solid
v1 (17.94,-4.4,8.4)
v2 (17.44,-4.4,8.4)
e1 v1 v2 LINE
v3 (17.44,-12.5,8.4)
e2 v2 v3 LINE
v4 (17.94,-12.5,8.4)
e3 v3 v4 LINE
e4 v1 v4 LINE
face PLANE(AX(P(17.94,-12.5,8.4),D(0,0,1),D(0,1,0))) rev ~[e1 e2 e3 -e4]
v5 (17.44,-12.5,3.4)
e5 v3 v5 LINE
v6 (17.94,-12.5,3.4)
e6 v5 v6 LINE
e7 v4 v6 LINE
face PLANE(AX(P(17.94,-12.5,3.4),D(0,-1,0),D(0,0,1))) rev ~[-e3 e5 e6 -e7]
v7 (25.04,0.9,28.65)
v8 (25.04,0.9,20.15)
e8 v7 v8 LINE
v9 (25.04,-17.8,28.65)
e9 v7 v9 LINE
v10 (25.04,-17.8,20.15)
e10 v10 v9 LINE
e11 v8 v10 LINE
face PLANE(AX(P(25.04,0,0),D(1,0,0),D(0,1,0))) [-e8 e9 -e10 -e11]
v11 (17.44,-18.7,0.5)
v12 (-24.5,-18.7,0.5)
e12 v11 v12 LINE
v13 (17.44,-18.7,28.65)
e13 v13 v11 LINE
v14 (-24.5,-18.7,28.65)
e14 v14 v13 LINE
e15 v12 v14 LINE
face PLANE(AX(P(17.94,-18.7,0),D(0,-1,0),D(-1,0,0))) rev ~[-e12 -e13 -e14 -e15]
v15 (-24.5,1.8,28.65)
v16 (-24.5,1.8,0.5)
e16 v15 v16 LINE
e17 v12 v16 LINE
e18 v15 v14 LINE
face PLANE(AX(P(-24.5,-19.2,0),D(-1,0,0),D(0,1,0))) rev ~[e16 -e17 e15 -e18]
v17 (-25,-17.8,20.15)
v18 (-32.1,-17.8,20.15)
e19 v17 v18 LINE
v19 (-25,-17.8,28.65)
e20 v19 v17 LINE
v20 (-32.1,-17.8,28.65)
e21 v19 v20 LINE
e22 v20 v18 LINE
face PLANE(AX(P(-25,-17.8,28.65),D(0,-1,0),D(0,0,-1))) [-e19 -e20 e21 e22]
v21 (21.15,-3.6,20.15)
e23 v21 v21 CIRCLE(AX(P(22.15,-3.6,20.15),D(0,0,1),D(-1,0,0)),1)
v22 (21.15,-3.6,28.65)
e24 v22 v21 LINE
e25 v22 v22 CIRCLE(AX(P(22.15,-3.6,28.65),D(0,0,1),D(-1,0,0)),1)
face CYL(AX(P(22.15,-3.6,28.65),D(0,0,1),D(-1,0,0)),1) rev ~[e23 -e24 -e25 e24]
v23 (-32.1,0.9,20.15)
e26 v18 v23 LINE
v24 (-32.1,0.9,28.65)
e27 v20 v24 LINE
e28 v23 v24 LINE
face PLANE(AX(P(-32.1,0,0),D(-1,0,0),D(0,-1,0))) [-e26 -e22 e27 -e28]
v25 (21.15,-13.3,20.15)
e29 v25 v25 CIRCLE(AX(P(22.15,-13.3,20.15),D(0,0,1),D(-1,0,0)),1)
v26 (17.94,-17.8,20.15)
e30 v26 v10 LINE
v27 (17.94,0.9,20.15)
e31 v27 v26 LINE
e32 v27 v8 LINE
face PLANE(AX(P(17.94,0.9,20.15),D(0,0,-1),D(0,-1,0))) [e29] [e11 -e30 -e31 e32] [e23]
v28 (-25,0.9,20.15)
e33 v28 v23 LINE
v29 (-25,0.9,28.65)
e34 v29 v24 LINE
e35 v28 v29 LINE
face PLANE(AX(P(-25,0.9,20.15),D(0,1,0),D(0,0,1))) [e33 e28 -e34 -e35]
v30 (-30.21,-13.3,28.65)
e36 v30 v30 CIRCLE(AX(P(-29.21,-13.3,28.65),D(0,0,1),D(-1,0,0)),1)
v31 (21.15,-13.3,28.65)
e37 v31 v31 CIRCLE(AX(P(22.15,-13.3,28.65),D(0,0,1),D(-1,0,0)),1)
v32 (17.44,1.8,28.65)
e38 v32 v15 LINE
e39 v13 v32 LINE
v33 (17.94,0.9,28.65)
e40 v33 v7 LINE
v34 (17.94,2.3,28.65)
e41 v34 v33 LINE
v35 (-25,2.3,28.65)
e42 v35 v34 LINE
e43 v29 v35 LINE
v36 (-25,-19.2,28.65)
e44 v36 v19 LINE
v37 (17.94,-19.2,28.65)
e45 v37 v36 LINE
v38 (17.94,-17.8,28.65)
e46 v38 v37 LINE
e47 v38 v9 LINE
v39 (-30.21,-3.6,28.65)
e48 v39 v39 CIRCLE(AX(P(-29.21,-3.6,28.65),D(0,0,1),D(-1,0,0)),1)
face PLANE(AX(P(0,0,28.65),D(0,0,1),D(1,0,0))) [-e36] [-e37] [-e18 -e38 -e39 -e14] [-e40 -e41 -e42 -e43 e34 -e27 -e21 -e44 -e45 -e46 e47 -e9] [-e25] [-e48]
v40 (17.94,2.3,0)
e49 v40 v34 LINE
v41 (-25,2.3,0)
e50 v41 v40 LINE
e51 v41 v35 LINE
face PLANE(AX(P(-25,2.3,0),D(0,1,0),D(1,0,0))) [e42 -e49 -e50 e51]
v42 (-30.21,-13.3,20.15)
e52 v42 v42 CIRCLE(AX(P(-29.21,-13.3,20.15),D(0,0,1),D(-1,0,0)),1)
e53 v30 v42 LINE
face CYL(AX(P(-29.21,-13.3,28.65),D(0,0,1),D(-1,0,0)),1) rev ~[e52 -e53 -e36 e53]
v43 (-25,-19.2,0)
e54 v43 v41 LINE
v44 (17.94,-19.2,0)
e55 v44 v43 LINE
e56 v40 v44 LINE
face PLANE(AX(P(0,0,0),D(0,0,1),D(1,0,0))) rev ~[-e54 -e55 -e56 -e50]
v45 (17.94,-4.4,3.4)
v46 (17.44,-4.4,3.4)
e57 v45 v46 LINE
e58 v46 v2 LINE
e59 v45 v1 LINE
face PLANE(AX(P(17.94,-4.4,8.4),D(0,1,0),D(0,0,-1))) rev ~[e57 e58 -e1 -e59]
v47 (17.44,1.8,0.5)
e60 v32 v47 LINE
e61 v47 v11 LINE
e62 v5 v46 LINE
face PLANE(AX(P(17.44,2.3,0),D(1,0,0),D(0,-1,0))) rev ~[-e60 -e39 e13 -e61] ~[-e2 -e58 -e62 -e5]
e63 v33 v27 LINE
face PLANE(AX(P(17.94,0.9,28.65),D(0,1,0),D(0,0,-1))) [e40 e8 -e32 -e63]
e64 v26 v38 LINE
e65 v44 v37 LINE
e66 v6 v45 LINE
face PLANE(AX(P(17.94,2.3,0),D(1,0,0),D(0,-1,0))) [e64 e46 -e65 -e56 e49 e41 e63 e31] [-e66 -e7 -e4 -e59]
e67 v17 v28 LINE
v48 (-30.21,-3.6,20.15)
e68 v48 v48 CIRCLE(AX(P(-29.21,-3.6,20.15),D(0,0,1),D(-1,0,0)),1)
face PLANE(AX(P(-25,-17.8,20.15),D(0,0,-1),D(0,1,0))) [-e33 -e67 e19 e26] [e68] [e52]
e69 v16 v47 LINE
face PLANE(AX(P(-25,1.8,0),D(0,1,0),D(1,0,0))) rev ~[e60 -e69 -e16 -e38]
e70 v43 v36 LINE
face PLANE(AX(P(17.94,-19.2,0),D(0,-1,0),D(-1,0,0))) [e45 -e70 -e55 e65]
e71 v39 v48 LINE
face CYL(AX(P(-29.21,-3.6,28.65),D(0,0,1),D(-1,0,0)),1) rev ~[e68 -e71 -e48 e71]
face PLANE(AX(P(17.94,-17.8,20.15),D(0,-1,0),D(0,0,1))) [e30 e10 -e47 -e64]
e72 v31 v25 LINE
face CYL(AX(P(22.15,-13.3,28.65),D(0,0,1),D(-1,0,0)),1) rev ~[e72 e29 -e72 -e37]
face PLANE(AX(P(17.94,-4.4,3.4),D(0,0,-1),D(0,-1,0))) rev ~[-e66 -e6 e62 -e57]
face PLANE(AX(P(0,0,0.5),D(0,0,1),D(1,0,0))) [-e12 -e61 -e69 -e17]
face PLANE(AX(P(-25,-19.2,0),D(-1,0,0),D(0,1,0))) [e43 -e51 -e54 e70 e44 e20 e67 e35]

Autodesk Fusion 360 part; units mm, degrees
sketch "Sketch1" plane through (0, 0, 0) normal (0, 0, 1) x (1, 0, 0)
  line L0 (-25, -19.2) -> (-25, 2.3)
  line L1 (-25, 2.3) -> (17.94, 2.3)
  line L2 (17.94, 2.3) -> (17.94, -19.2)
  line L3 (17.94, -19.2) -> (-25, -19.2)
  dimension "d1" = 21.5
  dimension "d2" = 42.94
extrude "Extrude1" add sketch "Sketch1" along normal blind 28.65
shell "Shell1" thickness 0.5 removed faces 1 at (3.6267, -12.0333, 28.65)
sketch "Sketch2" plane through (17.94, 0, 0) normal (1, 0, 0) x (0, 1, 0)
  line L0 (-19.2, 0) -> (2.3, 0)
  line L1 (2.3, 0) -> (2.3, 28.65)
  line L2 (2.3, 28.65) -> (-19.2, 28.65)
  line L3 (-19.2, 28.65) -> (-19.2, 0)
  line L4 (-12.5, 8.4) -> (-4.4, 8.4)
  line L5 (-4.4, 8.4) -> (-4.4, 3.4)
  line L6 (-4.4, 3.4) -> (-12.5, 3.4)
  line L7 (-12.5, 3.4) -> (-12.5, 8.4)
  dimension "d6" = 3.4
  dimension "d7" = 8.1
  dimension "d8" = 6.7
  dimension "d9" = 6.7
  dimension "d39" = 5
extrude "Extrude2" cut sketch "Sketch2" along normal mid plane 6 contours L4 L5 L6 L7
sketch "Sketch3" plane through (17.94, 0, 0) normal (1, 0, 0) x (0, 1, 0)
  line L0 (-4.4, 8.4) -> (-4.4, 3.4)
  line L1 (-4.4, 3.4) -> (-12.5, 3.4)
  line L2 (-12.5, 3.4) -> (-12.5, 8.4)
  line L3 (-12.5, 8.4) -> (-4.4, 8.4)
  line L4 (-19.2, 0) -> (2.3, 0)
  line L5 (2.3, 0) -> (2.3, 28.65)
  line L6 (2.3, 28.65) -> (-19.2, 28.65)
  line L7 (-19.2, 28.65) -> (-19.2, 0)
  line L8 (-17.8, 28.65) -> (0.9, 28.65)
  line L9 (0.9, 28.65) -> (0.9, 20.15)
  line L10 (0.9, 20.15) -> (-17.8, 20.15)
  line L11 (-17.8, 20.15) -> (-17.8, 28.65)
  dimension "d19" = 18.7
  dimension "d20" = 1.4
  dimension "d23" = 8.5
extrude "Extrude3" add sketch "Sketch3" along normal blind 7.1 contours L6 L8 L9 L10 L11
sketch "Sketch4" plane through (0, 0, 28.65) normal (0, 0, 1) x (-1, 0, 0)
  line L0 (-17.44, 18.7) -> (24.5, 18.7)
  line L1 (24.5, 18.7) -> (24.5, -1.8)
  line L2 (24.5, -1.8) -> (-17.44, -1.8)
  line L3 (-17.44, -1.8) -> (-17.44, 18.7)
  line L4 (-17.94, 19.2) -> (-17.94, 17.8)
  line L5 (-17.94, 17.8) -> (-25.04, 17.8)
  line L6 (-25.04, 17.8) -> (-25.04, -0.9)
  line L7 (-25.04, -0.9) -> (-17.94, -0.9)
  line L8 (-17.94, -0.9) -> (-17.94, -2.3)
  line L9 (-17.94, -2.3) -> (25, -2.3)
  line L10 (25, -2.3) -> (25, 19.2)
  line L11 (25, 19.2) -> (-17.94, 19.2)
  circle A0 centre (-22.15, 3.6) radius 2.25
  circle A1 centre (-22.15, 13.3) radius 2.25
  dimension "d40" = 4.5
  dimension "d41" = 4.5
  dimension "d44" = 9.7
  dimension "d45" = 4.71
  dimension "d46" = 4.71
  dimension "d47" = 4.5
sketch "Sketch6" plane through (-25, 0, 0) normal (-1, 0, 0) x (0, -1, 0)
  line L0 (-2.3, 0) -> (19.2, 0)
  line L1 (19.2, 0) -> (19.2, 28.65)
  line L2 (19.2, 28.65) -> (-2.3, 28.65)
  line L3 (-2.3, 28.65) -> (-2.3, 0)
  line L4 (-0.9, 28.65) -> (17.8, 28.65)
  line L5 (17.8, 28.65) -> (17.8, 20.15)
  line L6 (17.8, 20.15) -> (-0.9, 20.15)
  line L7 (-0.9, 20.15) -> (-0.9, 28.65)
  dimension "d27" = 1.4
  dimension "d28" = 18.7
  dimension "d29" = 8.5
extrude "Extrude5" add sketch "Sketch6" along normal blind 7.1 contours L2 L4 L5 L6 L7
sketch "Sketch7" plane through (0, 0, 28.65) normal (0, 0, 1) x (-1, 0, 0)
  line L0 (-17.44, 18.7) -> (24.5, 18.7)
  line L1 (24.5, 18.7) -> (24.5, -1.8)
  line L2 (24.5, -1.8) -> (-17.44, -1.8)
  line L3 (-17.44, -1.8) -> (-17.44, 18.7)
  line L4 (-17.94, 19.2) -> (-17.94, 17.8)
  line L5 (-17.94, 17.8) -> (-25.04, 17.8)
  line L6 (-25.04, 17.8) -> (-25.04, -0.9)
  line L7 (-25.04, -0.9) -> (-17.94, -0.9)
  line L8 (-17.94, -0.9) -> (-17.94, -2.3)
  line L9 (-17.94, -2.3) -> (25, -2.3)
  line L10 (25, -2.3) -> (25, -0.9)
  line L11 (25, -0.9) -> (32.1, -0.9)
  line L12 (32.1, -0.9) -> (32.1, 17.8)
  line L13 (32.1, 17.8) -> (25, 17.8)
  line L14 (25, 17.8) -> (25, 19.2)
  line L15 (25, 19.2) -> (-17.94, 19.2)
  circle A0 centre (26.6, 4.1) radius 1.025
  dimension "d34" = 2.05
  dimension "d35" = 2.1
  dimension "d36" = 5
sketch "Sketch8" plane through (0, 0, 28.65) normal (0, 0, 1) x (-1, 0, 0)
  line L0 (-17.44, 18.7) -> (24.5, 18.7)
  line L1 (24.5, 18.7) -> (24.5, -1.8)
  line L2 (24.5, -1.8) -> (-17.44, -1.8)
  line L3 (-17.44, -1.8) -> (-17.44, 18.7)
  line L4 (-17.94, 19.2) -> (-17.94, 17.8)
  line L5 (-17.94, 17.8) -> (-25.04, 17.8)
  line L6 (-25.04, 17.8) -> (-25.04, -0.9)
  line L7 (-25.04, -0.9) -> (-17.94, -0.9)
  line L8 (-17.94, -0.9) -> (-17.94, -2.3)
  line L9 (-17.94, -2.3) -> (25, -2.3)
  line L10 (25, -2.3) -> (25, -0.9)
  line L11 (25, -0.9) -> (32.1, -0.9)
  line L12 (32.1, -0.9) -> (32.1, 17.8)
  line L13 (32.1, 17.8) -> (25, 17.8)
  line L14 (25, 17.8) -> (25, 19.2)
  line L15 (25, 19.2) -> (-17.94, 19.2)
  circle A0 centre (-22.15, 3.6) radius 1
  circle A1 centre (-22.15, 13.3) radius 1
  circle A2 centre (29.21, 3.6) radius 1
  circle A3 centre (29.21, 13.3) radius 1
  dimension "d48" = 2
  dimension "d49" = 2
  dimension "d50" = 4.71
  dimension "d51" = 9.7
  dimension "d52" = 4.5
  dimension "d53" = 4.71
  dimension "d54" = 2
  dimension "d55" = 2
  dimension "d56" = 9.7
  dimension "d57" = 4.71
  dimension "d58" = 4.5
  dimension "d59" = 4.71
extrude "Extrude7" cut sketch "Sketch8" against normal blind 8.65 contours A0 | A1 | A2 | A3
